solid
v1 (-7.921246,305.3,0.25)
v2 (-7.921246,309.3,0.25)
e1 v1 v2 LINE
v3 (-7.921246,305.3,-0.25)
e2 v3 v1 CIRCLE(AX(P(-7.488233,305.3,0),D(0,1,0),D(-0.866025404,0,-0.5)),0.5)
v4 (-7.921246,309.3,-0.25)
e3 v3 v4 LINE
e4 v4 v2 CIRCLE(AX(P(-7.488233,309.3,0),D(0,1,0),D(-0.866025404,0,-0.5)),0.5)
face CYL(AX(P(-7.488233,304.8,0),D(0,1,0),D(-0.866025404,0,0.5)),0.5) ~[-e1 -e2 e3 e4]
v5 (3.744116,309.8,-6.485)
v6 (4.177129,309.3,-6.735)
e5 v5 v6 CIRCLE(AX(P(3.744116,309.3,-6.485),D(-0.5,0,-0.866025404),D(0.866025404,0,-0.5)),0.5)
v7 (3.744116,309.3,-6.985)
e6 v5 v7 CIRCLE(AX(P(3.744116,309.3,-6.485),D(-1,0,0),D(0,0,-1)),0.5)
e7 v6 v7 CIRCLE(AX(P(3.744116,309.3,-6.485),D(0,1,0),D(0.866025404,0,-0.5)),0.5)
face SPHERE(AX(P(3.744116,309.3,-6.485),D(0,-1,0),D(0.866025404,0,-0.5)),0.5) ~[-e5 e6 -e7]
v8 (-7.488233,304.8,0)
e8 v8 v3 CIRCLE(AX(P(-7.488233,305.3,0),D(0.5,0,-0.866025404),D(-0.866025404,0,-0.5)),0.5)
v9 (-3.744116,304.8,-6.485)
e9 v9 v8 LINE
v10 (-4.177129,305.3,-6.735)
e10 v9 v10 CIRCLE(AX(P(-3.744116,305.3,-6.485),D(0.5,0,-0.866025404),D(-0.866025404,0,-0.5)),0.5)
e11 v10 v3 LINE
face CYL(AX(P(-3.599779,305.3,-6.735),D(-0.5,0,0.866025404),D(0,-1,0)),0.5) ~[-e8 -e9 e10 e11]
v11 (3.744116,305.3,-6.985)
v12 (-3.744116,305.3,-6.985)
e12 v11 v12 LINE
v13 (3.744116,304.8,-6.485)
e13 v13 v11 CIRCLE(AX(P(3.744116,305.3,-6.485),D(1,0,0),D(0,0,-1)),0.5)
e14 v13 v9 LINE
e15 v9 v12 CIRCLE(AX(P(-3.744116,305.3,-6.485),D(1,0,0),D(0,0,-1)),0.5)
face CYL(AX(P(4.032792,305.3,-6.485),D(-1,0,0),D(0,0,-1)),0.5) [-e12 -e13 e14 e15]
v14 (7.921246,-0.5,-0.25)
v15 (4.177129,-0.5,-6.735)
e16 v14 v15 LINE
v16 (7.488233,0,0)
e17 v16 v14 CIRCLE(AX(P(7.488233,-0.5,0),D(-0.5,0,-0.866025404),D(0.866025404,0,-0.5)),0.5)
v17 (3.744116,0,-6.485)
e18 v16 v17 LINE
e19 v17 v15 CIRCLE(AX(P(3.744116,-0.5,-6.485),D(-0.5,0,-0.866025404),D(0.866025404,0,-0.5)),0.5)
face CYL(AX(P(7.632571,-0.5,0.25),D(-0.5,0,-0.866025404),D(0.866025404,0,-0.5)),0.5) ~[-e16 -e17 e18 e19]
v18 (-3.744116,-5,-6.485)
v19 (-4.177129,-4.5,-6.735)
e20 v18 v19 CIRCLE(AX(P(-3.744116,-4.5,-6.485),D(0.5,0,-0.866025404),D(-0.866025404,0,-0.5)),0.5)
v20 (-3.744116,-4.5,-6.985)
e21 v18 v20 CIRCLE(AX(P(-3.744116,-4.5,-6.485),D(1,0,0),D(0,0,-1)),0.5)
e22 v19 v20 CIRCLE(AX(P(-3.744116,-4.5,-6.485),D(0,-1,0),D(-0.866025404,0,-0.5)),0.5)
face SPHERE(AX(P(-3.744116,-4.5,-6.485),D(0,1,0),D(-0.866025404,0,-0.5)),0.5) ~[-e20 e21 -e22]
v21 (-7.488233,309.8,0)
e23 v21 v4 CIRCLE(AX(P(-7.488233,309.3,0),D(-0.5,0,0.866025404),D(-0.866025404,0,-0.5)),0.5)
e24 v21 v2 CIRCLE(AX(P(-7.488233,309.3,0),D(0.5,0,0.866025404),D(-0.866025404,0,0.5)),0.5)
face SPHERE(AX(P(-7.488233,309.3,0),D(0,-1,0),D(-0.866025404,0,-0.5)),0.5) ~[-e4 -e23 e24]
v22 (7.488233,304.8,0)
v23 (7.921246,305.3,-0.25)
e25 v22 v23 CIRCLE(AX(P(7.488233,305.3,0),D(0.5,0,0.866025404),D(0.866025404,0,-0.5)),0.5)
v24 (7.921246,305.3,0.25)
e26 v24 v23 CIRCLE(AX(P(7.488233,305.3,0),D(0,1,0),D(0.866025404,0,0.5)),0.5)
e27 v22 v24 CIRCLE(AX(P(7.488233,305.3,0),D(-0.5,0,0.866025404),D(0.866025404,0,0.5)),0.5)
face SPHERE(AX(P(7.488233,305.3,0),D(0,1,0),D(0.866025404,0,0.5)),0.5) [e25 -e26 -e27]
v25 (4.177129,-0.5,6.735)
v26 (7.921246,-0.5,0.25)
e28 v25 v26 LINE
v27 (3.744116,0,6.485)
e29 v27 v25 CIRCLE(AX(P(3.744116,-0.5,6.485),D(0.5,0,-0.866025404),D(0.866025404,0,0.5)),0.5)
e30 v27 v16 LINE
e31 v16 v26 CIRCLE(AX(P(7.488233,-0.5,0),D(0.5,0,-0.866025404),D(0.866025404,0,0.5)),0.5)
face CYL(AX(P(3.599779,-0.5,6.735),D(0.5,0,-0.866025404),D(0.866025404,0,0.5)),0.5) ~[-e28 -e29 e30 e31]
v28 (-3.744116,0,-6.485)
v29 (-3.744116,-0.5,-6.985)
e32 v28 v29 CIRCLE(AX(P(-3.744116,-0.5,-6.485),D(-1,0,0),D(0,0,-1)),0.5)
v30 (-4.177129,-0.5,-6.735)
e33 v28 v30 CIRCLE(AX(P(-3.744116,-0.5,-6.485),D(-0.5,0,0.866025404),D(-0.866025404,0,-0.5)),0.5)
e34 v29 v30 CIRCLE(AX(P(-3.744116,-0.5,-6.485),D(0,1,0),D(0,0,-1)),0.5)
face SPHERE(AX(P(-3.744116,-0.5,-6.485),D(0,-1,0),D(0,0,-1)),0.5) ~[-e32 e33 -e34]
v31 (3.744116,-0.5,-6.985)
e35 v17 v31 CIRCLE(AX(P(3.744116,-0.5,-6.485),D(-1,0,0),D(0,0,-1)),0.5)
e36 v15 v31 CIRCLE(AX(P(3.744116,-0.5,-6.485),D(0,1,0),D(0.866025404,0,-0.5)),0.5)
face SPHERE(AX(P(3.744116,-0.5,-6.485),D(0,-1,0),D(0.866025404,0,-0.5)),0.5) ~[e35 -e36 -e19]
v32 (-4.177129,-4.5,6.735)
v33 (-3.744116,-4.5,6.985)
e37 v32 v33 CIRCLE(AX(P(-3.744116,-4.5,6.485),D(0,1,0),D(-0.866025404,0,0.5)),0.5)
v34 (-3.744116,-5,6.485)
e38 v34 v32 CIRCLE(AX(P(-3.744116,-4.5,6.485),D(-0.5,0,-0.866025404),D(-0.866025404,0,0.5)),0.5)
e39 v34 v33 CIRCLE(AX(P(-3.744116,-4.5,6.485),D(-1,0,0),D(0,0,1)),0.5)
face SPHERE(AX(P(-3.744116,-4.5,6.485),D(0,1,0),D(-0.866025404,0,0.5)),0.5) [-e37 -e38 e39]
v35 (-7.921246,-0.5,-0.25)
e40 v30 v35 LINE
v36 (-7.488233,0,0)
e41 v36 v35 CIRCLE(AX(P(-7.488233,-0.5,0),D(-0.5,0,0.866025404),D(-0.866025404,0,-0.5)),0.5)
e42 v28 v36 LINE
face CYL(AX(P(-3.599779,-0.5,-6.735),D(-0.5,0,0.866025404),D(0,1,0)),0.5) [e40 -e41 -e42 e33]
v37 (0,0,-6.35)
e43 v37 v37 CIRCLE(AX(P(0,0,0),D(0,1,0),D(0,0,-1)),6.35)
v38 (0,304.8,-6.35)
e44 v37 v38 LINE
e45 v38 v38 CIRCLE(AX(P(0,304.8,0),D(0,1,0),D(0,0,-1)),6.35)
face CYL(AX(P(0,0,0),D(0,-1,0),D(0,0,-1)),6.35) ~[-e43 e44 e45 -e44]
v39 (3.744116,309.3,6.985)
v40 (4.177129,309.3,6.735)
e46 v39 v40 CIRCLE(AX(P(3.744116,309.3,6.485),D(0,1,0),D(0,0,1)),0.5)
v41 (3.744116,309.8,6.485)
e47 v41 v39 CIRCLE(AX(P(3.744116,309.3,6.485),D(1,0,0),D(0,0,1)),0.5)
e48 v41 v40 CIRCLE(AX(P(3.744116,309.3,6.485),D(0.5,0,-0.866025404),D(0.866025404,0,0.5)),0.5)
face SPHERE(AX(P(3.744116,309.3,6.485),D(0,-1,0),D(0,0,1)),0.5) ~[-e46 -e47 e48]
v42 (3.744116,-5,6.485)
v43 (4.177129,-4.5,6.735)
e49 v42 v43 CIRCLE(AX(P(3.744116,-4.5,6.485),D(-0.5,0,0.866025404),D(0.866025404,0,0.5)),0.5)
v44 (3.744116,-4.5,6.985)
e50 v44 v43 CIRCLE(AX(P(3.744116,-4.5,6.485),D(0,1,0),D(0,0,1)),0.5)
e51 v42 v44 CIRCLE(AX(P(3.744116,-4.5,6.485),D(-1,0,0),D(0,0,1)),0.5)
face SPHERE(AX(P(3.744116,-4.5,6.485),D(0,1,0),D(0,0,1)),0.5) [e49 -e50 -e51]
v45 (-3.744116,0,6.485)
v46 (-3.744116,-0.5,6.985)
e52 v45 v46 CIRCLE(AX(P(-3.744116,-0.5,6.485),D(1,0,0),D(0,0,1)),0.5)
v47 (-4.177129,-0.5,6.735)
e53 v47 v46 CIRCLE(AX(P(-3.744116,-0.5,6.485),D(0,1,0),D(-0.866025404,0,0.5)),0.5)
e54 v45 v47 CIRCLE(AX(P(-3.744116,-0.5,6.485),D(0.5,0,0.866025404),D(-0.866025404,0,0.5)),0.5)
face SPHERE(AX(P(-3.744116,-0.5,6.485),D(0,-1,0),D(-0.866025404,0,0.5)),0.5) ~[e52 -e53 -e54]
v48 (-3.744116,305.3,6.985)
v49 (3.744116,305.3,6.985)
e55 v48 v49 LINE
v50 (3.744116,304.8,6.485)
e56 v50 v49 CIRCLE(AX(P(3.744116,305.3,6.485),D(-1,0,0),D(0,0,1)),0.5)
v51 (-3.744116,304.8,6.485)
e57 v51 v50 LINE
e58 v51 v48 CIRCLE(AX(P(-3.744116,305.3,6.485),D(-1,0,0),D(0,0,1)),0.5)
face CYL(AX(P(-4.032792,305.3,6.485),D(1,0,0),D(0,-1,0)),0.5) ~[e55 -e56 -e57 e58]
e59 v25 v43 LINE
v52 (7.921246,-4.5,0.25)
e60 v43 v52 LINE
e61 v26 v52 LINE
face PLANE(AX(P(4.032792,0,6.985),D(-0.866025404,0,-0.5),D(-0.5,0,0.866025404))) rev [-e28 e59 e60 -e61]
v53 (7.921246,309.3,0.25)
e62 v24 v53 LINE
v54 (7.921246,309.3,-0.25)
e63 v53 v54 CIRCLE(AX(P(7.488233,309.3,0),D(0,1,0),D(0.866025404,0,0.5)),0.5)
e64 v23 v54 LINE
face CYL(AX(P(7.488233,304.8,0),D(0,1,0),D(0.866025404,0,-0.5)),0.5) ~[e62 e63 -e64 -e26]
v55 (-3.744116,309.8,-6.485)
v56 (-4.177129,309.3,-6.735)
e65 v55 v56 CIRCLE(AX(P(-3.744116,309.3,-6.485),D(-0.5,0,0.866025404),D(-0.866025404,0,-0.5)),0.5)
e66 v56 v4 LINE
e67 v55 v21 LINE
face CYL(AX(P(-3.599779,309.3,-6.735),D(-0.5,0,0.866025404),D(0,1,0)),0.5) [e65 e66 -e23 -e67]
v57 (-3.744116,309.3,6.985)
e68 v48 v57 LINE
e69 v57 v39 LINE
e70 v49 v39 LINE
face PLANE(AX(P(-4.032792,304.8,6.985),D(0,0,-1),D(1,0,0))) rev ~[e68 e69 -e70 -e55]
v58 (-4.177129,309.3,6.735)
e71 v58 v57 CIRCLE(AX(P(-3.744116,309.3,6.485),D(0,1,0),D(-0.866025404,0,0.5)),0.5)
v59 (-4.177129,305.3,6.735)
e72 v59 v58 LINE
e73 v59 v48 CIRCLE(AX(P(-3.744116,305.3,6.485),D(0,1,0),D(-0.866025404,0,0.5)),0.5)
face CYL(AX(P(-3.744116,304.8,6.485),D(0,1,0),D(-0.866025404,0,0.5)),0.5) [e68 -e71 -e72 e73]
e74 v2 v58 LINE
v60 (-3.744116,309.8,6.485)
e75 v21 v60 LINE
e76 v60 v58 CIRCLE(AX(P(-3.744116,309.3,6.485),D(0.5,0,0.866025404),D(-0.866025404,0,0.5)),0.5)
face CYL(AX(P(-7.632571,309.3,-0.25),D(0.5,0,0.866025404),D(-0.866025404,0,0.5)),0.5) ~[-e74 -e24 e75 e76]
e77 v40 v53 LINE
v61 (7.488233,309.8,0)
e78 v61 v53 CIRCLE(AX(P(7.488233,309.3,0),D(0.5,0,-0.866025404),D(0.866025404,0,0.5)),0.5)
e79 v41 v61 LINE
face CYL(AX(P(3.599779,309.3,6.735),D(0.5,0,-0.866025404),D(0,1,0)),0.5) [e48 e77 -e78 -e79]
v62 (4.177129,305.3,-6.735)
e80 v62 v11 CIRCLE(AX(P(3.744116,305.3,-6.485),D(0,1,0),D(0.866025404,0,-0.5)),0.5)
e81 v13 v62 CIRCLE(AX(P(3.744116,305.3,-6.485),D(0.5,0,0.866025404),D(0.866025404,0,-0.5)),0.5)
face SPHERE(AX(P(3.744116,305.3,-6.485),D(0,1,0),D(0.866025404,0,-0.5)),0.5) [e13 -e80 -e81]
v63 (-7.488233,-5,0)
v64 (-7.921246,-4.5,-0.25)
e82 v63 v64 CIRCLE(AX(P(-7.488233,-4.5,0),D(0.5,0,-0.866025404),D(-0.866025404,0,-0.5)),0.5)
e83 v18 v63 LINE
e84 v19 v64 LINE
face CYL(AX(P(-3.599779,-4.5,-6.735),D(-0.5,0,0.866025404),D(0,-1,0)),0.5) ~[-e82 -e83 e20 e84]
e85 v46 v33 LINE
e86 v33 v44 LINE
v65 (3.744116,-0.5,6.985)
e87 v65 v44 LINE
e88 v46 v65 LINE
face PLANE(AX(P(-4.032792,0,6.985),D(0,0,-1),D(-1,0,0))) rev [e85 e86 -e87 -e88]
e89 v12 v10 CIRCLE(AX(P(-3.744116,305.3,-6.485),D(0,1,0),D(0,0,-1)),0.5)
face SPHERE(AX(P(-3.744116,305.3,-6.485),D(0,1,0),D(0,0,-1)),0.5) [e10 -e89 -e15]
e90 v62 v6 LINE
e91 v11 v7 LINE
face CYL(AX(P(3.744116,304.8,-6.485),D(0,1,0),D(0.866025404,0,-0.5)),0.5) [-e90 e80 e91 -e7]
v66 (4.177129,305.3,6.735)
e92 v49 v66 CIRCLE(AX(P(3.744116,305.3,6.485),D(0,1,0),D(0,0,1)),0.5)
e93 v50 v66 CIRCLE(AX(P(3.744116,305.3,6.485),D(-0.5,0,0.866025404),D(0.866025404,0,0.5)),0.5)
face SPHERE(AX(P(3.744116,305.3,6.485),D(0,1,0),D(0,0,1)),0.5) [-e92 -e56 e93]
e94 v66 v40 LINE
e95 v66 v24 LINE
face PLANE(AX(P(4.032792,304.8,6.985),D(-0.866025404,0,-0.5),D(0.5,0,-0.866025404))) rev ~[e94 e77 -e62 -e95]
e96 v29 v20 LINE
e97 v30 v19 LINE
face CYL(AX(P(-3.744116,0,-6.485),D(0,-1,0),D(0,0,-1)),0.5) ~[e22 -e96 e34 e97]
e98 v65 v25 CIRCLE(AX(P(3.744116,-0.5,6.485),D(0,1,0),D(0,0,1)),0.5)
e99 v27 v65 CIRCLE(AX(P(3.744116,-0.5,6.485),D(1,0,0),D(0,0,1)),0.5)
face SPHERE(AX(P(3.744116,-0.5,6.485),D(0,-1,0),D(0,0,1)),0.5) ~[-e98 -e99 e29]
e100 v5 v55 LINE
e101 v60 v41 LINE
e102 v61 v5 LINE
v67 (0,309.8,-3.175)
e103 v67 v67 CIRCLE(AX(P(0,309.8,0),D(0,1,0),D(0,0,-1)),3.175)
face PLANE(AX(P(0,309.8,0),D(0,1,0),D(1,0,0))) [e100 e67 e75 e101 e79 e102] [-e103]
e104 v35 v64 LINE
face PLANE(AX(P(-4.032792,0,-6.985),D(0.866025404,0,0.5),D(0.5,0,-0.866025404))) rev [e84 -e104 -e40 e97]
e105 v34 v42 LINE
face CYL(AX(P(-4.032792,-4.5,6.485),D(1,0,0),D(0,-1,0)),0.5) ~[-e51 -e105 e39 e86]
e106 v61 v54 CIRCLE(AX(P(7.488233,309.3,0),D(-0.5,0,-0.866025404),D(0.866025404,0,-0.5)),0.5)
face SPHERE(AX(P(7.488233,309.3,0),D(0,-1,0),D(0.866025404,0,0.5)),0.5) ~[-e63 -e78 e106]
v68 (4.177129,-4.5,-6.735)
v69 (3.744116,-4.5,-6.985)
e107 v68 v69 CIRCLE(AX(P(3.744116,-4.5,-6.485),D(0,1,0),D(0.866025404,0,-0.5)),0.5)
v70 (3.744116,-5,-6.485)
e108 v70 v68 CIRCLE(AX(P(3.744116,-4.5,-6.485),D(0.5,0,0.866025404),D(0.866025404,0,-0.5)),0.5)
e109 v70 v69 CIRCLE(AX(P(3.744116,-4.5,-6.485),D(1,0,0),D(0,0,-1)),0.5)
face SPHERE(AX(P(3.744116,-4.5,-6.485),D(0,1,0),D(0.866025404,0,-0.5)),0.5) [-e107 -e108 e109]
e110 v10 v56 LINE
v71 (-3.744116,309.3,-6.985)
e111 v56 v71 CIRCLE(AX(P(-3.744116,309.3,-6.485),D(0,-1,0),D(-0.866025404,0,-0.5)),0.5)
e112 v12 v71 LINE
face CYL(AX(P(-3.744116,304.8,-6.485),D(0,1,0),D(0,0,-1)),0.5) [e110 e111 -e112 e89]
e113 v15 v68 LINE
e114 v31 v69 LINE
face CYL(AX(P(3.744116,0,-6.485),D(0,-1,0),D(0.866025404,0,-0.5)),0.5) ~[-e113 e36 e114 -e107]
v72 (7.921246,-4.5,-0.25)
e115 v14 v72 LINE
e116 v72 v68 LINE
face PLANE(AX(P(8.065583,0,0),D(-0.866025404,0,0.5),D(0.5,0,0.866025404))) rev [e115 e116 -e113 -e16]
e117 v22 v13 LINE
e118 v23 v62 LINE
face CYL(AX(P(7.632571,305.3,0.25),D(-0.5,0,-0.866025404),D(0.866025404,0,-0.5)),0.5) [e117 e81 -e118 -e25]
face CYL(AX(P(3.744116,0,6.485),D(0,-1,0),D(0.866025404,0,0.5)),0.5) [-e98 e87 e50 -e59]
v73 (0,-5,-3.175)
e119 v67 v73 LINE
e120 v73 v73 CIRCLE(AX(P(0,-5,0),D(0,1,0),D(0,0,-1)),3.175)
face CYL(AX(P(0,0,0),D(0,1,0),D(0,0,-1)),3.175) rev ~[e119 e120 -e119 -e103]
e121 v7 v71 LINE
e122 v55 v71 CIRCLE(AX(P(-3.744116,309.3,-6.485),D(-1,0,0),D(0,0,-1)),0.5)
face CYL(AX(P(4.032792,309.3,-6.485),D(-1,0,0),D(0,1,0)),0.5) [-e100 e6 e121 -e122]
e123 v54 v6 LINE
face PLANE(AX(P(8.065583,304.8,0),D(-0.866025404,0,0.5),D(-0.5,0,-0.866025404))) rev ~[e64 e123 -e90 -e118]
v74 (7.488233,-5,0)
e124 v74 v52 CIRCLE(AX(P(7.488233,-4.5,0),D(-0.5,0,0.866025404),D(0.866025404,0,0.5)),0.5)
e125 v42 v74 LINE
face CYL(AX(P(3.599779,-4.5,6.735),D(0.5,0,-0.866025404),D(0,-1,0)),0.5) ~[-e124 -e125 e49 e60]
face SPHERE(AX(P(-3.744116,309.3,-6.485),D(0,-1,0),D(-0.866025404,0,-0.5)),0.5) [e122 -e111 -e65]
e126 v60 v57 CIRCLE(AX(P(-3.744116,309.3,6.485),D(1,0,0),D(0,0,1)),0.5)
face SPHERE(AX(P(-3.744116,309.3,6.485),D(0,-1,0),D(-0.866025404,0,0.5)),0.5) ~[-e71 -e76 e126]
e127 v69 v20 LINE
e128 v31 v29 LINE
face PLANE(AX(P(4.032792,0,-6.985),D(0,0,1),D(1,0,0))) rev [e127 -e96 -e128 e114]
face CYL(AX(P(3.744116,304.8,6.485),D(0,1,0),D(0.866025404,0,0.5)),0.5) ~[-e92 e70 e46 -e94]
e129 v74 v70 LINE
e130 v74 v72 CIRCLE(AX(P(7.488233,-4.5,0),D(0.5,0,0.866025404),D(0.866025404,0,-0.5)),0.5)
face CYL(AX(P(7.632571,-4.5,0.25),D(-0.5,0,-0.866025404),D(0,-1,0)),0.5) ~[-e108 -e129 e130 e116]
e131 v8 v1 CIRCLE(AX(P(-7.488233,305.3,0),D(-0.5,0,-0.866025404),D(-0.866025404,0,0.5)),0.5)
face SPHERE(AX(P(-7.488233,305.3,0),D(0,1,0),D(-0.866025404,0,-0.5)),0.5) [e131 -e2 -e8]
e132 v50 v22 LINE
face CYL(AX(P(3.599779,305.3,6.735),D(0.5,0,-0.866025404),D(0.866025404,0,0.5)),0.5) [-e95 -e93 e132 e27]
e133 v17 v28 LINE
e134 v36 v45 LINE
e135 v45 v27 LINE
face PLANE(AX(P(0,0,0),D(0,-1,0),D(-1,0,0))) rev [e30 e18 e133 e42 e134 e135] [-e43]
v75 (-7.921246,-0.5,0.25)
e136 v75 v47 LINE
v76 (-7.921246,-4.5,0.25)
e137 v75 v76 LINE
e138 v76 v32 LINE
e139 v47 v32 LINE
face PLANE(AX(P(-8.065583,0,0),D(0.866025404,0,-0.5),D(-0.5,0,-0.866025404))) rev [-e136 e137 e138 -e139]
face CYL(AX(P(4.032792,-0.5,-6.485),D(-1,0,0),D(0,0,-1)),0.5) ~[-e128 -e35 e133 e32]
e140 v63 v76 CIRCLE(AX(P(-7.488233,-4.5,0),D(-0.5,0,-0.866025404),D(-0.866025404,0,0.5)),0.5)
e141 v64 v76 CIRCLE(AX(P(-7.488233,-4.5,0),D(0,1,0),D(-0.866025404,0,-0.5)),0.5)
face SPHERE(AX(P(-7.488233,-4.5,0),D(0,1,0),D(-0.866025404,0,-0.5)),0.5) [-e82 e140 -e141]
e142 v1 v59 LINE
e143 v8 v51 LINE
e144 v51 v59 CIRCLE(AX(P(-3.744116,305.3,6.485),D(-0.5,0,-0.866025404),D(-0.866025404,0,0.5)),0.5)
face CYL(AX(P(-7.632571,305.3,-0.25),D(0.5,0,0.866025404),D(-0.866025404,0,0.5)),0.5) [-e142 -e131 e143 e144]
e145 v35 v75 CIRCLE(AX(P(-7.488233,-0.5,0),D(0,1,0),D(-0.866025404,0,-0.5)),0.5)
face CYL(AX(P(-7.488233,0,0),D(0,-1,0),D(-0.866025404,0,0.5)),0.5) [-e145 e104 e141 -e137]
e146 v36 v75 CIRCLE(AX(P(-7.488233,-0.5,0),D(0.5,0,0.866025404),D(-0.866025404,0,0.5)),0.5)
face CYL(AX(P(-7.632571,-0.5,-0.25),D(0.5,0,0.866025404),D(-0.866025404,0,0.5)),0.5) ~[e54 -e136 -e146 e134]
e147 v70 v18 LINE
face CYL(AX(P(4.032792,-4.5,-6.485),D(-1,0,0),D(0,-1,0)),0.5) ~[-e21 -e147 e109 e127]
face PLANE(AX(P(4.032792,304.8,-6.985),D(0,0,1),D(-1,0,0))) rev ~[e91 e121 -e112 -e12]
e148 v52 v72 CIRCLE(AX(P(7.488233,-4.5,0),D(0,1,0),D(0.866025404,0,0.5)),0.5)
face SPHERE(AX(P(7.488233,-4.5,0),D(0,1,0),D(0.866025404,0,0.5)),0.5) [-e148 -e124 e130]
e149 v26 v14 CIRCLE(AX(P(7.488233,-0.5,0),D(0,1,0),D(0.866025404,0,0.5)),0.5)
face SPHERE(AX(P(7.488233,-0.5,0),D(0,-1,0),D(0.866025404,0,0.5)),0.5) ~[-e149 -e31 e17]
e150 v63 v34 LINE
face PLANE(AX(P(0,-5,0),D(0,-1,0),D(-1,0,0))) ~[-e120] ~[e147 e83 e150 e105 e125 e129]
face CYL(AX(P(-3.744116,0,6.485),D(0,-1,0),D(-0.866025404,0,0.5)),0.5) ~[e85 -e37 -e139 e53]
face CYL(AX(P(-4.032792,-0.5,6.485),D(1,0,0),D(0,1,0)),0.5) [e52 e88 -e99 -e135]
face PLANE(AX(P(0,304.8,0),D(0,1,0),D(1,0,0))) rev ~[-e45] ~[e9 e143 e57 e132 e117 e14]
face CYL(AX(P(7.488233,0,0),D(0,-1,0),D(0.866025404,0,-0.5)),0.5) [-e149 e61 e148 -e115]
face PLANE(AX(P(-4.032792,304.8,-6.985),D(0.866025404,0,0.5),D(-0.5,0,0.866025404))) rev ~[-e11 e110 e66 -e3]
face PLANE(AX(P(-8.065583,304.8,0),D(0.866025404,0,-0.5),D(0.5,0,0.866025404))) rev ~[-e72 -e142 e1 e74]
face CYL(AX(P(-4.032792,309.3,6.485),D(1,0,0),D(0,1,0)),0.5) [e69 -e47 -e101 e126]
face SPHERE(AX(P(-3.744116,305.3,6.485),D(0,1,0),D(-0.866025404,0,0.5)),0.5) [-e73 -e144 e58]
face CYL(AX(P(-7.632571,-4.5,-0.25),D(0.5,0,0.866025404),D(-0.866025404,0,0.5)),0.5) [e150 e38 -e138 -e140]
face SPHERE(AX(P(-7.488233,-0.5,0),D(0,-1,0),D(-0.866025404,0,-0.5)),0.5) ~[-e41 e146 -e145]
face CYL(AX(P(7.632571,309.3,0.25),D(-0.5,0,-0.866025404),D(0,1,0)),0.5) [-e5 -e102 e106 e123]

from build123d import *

# Parameters (mm, degrees)
SKETCH1_R            = 6.35
SKETCH1_R_2          = 3.175
BOSS_EXTRUDE1_DEPTH  = 304.8
SKETCH2_R            = 3.175
BOSS_EXTRUDE2_DEPTH  = 5
FILLET1_R            = 0.5
FILLET1_OF_MIRROR1_R = 0.5


with BuildPart() as part:
    # Sketch1 → Boss-Extrude1 (new body)
    with BuildSketch(Plane(origin=(0, 0, 0), x_dir=(1, 0, 0), z_dir=(0, 1, 0))):
        with Locations(Location((0, 0, 0), (0, 0, 90))):
            Circle(SKETCH1_R)
        with Locations(Location((0, 0, 0), (0, 0, 90))):
            Circle(SKETCH1_R_2, mode=Mode.SUBTRACT)
    extrude(amount=BOSS_EXTRUDE1_DEPTH)

    # Sketch2 → Boss-Extrude2 (add)
    with BuildSketch(Plane(origin=(0, 304.8, 0), x_dir=(1, 0, 0), z_dir=(0, 1, 0))):
        Polygon((-8.065583261, 0), (-4.03279163, -6.985), (4.03279163, -6.985), (8.065583261, 0), (4.03279163, 6.985), (-4.03279163, 6.985), align=None)
        with Locations(Location((0, 0, 0), (0, 0, 90))):
            Circle(SKETCH2_R, mode=Mode.SUBTRACT)
    boss_extrude2 = extrude(amount=BOSS_EXTRUDE2_DEPTH)

    # Fillet1
    fillet1_edges = [part.edges().sort_by_distance(p)[0] for p in [
        (-6.049187445, 309.8, -3.4925),
        (-6.049187445, 309.8, 3.4925),
        (0, 309.8, 6.985),
        (6.049187445, 309.8, 3.4925),
        (6.049187445, 309.8, -3.4925),
        (0, 309.8, -6.985),
        (-6.049187445, 304.8, -3.4925),
        (-4.03279163, 307.3, -6.985),
        (-6.049187445, 304.8, 3.4925),
        (-8.065583261, 307.3, 0),
        (0, 304.8, 6.985),
        (-4.03279163, 307.3, 6.985),
        (6.049187445, 304.8, 3.4925),
        (4.03279163, 307.3, 6.985),
        (6.049187445, 304.8, -3.4925),
        (8.065583261, 307.3, 0),
        (0, 304.8, -6.985),
        (4.03279163, 307.3, -6.985),
    ]]
    fillet(fillet1_edges, radius=FILLET1_R)

    # Mirror1: Boss-Extrude2 across plane
    add(boss_extrude2.mirror(Plane.ZX.offset(152.4)))

    # Fillet1 of Mirror1
    fillet1_of_mirror1_edges = [part.edges().sort_by_distance(p)[0] for p in [
        (-6.049187445, -5, -3.4925),
        (-6.049187445, -5, 3.4925),
        (0, -5, 6.985),
        (6.049187445, -5, 3.4925),
        (6.049187445, -5, -3.4925),
        (0, -5, -6.985),
        (-6.049187445, 0, -3.4925),
        (-4.03279163, -2.5, -6.985),
        (-6.049187445, 0, 3.4925),
        (-8.065583261, -2.5, 0),
        (0, 0, 6.985),
        (-4.03279163, -2.5, 6.985),
        (6.049187445, 0, 3.4925),
        (4.03279163, -2.5, 6.985),
        (6.049187445, 0, -3.4925),
        (8.065583261, -2.5, 0),
        (0, 0, -6.985),
        (4.03279163, -2.5, -6.985),
    ]]
    fillet(fillet1_of_mirror1_edges, radius=FILLET1_OF_MIRROR1_R)


solid = part.part
